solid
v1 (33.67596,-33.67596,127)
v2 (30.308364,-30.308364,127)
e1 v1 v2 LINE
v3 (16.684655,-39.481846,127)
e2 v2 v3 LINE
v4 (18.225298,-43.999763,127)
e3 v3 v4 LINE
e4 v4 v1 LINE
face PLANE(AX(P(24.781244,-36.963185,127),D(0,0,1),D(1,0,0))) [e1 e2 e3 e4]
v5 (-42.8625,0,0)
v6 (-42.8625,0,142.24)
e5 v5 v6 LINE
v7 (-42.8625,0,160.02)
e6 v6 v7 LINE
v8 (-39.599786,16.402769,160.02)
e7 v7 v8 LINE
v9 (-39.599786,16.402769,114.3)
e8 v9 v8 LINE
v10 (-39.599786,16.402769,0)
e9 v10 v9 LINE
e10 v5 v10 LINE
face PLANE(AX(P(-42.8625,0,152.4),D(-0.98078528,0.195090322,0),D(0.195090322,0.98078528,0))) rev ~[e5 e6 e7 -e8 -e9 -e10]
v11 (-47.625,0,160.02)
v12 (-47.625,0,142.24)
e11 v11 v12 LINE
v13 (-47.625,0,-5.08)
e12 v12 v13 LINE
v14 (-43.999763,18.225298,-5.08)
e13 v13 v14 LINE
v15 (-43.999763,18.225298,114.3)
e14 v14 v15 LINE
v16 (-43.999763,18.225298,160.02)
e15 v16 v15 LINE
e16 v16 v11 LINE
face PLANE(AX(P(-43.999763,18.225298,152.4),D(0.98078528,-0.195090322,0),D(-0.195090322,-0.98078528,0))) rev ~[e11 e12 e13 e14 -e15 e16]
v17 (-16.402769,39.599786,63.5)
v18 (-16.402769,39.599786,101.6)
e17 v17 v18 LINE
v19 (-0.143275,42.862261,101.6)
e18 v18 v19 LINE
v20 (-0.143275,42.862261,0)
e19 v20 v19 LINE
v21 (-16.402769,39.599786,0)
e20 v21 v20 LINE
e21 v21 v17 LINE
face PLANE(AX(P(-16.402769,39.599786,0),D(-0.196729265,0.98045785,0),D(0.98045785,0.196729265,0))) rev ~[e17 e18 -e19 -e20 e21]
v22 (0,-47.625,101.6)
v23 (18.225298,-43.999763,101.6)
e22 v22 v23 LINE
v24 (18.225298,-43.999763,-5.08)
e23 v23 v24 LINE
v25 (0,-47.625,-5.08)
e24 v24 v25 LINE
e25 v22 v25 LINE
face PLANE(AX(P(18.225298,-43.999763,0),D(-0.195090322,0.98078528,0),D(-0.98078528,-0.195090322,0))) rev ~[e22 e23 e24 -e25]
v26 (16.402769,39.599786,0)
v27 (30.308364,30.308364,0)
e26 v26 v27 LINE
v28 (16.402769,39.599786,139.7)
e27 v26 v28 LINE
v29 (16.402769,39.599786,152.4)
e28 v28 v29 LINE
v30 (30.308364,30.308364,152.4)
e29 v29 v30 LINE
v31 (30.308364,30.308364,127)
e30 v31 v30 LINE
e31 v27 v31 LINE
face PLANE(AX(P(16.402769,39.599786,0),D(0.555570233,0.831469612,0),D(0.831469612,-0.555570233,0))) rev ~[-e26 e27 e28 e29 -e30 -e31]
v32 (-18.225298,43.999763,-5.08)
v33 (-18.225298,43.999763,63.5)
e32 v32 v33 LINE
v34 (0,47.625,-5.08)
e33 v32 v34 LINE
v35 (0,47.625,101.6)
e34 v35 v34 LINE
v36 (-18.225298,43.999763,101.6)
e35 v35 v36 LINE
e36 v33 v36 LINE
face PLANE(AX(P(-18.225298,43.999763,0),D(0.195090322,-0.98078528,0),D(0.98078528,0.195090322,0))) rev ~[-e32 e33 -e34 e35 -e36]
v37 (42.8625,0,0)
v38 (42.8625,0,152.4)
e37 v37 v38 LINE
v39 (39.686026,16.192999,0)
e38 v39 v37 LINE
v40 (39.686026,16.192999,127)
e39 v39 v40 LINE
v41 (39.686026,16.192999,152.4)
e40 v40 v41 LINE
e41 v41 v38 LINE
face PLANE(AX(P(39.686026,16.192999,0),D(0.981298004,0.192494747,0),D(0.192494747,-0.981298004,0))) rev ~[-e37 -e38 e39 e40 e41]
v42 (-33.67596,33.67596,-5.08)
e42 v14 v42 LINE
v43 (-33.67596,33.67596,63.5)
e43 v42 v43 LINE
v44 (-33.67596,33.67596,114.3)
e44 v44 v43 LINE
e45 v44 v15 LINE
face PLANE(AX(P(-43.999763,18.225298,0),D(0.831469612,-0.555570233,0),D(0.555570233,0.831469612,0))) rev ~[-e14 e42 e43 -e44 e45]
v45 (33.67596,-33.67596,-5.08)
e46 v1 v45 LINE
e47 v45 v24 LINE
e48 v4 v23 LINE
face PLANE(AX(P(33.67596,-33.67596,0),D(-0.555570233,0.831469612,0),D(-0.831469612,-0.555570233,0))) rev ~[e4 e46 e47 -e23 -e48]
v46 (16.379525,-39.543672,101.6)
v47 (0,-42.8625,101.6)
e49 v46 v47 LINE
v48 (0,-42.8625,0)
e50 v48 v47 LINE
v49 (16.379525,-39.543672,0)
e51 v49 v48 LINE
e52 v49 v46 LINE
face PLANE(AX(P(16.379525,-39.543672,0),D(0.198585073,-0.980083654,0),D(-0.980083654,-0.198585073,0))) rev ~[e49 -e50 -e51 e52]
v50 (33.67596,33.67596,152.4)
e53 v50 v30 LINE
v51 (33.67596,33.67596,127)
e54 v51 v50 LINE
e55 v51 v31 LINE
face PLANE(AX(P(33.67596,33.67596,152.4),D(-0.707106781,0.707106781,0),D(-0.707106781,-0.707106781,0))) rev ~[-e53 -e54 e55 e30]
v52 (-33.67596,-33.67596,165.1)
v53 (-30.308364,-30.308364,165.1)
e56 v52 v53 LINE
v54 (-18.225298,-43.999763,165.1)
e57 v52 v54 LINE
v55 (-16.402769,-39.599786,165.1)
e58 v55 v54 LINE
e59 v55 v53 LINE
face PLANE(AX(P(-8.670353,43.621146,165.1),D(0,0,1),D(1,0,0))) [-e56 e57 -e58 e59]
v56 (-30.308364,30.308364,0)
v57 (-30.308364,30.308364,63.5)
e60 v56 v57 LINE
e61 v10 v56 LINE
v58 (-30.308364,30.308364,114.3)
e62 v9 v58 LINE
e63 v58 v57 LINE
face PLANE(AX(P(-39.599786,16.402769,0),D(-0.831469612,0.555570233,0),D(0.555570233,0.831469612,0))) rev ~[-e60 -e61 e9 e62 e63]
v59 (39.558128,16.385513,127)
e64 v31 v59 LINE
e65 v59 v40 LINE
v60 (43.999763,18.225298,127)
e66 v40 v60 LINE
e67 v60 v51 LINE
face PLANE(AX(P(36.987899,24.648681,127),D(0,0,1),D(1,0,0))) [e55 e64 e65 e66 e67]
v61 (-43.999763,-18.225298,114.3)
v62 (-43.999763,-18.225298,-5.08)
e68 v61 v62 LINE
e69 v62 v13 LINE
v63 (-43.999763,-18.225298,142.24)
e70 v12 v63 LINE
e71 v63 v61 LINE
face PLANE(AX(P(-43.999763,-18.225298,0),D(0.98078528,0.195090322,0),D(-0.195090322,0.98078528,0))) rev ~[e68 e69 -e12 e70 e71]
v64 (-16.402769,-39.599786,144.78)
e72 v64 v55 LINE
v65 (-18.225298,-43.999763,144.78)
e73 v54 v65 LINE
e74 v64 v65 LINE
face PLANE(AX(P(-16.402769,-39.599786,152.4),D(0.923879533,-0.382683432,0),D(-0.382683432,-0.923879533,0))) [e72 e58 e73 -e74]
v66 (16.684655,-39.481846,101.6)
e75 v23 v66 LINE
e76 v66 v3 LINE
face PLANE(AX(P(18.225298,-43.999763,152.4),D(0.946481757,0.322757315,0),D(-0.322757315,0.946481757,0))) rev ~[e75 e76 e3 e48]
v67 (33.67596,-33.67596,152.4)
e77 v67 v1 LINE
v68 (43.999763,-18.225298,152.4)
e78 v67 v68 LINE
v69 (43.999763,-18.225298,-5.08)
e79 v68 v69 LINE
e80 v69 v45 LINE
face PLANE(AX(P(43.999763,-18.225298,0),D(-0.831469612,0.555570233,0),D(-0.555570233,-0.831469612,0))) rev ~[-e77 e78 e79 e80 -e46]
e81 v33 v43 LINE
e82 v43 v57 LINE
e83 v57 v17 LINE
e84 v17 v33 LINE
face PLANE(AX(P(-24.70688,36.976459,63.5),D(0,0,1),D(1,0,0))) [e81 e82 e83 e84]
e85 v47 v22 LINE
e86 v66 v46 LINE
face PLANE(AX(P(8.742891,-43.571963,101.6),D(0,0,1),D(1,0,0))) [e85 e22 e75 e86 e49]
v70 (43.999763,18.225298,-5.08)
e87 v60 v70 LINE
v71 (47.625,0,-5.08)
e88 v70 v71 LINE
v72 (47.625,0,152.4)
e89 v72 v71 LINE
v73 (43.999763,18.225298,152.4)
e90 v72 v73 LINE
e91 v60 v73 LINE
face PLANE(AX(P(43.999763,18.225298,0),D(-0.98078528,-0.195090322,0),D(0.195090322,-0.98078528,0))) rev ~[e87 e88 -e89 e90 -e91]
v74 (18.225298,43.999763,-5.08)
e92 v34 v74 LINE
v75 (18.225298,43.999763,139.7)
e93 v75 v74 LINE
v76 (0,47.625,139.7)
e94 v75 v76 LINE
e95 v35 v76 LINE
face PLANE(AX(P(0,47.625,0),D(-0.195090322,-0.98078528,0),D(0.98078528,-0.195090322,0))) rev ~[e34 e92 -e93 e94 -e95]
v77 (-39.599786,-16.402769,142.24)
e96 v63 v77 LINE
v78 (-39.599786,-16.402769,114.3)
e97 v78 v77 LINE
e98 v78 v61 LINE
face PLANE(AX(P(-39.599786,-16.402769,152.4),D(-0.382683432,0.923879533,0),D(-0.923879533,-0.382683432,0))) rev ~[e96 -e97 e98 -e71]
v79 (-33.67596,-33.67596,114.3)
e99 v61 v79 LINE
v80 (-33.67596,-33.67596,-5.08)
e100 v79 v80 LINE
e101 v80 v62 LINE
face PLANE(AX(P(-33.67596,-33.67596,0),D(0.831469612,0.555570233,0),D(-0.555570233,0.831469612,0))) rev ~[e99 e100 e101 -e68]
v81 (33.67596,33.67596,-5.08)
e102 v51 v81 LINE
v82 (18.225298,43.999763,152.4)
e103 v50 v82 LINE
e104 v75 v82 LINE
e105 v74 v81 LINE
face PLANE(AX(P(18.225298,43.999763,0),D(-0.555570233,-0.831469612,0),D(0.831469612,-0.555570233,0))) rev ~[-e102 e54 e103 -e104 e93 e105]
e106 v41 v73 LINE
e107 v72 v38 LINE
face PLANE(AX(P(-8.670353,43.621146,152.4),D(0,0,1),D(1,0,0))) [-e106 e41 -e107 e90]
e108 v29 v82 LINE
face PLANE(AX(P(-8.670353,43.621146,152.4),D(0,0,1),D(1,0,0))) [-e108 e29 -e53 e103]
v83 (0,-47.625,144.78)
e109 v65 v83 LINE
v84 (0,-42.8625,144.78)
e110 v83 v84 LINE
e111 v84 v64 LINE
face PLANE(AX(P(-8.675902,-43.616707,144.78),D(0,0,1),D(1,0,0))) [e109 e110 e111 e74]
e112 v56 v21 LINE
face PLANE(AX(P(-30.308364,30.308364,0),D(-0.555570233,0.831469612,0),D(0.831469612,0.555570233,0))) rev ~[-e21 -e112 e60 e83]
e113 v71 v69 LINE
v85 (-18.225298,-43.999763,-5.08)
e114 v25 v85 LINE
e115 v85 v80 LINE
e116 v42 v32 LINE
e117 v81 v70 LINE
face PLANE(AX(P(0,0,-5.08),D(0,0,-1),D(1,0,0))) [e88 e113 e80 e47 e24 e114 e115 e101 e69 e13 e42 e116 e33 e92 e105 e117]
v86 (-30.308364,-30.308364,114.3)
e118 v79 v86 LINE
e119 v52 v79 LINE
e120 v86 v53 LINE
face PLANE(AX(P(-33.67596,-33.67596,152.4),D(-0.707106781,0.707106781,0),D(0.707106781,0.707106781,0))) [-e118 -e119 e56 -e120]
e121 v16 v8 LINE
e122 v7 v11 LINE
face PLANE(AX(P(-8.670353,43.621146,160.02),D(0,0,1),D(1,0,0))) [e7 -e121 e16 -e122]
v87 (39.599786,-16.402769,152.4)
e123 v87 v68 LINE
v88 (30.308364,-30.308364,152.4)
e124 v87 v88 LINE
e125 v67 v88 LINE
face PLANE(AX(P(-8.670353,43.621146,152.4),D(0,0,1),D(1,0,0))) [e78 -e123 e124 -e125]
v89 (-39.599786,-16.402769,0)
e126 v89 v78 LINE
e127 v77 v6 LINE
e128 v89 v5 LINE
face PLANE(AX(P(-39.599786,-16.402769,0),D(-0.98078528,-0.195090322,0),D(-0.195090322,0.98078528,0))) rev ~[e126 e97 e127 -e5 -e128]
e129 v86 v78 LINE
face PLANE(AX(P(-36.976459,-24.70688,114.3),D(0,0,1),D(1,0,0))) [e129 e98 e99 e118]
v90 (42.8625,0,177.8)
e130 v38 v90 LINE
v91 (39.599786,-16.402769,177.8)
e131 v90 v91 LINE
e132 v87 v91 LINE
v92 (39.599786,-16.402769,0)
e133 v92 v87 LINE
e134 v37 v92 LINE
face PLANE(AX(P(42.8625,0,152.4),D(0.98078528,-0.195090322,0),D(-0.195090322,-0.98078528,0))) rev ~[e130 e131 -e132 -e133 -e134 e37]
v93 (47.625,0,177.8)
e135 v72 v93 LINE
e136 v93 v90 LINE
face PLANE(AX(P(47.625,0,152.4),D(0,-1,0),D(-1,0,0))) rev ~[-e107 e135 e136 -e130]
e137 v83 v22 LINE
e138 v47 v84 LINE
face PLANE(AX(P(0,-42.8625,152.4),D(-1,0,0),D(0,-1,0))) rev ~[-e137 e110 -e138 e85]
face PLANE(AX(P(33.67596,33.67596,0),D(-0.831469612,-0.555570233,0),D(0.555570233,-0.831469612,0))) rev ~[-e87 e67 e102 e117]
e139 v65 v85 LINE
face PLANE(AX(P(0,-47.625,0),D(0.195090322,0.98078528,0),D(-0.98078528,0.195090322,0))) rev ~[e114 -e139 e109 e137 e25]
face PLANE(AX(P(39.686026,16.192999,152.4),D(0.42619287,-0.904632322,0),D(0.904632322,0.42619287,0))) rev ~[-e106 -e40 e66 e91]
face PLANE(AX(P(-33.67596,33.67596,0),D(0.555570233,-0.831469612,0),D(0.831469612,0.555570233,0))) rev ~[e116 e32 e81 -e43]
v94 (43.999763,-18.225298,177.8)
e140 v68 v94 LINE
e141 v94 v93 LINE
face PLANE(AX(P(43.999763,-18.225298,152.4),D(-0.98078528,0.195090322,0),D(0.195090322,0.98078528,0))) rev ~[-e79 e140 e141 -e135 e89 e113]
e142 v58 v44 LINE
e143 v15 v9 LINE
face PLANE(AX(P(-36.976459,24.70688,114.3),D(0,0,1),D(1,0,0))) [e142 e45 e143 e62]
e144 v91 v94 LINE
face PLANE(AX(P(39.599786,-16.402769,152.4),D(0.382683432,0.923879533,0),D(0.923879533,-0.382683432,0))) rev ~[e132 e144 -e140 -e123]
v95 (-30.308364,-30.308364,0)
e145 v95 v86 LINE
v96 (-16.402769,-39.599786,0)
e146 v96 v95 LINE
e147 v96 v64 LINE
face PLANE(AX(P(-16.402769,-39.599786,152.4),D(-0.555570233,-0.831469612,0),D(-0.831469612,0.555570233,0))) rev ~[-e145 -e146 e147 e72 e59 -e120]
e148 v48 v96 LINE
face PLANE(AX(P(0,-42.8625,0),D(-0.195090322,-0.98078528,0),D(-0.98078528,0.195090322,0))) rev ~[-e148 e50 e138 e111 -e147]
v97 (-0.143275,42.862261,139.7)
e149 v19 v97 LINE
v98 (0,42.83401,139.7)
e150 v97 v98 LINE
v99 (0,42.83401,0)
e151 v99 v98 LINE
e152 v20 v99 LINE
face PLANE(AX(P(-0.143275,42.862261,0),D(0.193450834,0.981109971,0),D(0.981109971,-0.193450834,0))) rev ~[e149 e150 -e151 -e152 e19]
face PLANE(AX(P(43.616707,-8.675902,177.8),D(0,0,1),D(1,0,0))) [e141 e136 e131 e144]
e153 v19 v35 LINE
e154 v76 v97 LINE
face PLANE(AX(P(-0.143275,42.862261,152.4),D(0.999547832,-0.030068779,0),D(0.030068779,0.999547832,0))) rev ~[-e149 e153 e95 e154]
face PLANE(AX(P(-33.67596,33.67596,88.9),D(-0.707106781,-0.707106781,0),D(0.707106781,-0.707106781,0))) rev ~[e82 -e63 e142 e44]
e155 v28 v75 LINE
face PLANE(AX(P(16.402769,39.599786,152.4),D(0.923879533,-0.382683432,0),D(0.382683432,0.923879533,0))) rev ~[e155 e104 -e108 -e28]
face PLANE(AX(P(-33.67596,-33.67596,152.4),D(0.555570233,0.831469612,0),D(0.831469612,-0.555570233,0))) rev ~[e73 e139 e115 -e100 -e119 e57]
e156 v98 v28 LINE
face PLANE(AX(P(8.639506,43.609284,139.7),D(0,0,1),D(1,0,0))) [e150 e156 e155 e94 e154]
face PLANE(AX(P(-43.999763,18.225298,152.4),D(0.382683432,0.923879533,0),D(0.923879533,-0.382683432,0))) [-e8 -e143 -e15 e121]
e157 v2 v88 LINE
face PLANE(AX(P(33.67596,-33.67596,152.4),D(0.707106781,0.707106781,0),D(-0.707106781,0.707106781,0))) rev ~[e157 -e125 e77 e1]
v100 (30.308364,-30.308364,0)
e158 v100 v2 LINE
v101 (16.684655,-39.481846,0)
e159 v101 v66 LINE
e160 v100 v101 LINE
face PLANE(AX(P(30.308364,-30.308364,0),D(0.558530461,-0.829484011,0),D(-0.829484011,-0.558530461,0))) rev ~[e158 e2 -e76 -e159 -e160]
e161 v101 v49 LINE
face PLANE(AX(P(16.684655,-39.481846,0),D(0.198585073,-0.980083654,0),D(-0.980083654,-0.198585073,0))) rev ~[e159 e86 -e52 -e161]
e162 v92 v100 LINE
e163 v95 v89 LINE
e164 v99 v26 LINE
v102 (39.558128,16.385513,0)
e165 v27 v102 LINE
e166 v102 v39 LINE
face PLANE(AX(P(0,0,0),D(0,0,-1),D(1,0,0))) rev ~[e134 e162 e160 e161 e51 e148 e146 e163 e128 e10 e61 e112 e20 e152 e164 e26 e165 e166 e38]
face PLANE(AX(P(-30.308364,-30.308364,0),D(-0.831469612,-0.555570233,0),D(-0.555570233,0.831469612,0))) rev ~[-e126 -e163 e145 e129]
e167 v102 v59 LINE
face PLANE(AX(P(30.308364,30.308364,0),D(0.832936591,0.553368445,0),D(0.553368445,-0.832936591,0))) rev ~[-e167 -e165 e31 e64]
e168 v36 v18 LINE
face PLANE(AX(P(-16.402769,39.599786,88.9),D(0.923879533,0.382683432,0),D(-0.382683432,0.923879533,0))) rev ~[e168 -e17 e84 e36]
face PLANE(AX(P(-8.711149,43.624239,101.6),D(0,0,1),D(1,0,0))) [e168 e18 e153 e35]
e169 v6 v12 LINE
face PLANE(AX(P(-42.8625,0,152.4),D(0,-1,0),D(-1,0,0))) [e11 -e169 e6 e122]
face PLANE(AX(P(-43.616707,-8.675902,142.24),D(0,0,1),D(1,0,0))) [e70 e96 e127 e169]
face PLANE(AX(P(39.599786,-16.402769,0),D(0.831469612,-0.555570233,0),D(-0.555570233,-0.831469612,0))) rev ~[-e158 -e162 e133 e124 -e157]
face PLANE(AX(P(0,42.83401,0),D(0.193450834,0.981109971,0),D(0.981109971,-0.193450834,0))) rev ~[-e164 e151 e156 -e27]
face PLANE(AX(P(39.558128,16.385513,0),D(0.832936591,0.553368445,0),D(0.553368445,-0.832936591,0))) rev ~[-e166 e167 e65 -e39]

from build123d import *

# Parameters (mm, degrees)
F1_DEPTH  = 152.4
F3_DEPTH  = 25.4
F5_DEPTH  = 50.8
F7_DEPTH  = 12.7
F9_DEPTH  = 63.5
F11_DEPTH = 38.1
F13_DEPTH = 10.16
F15_DEPTH = 5.08
F17_DEPTH = 38.1
F18_DEPTH = 25.4
F20_DEPTH = 7.62
F22_DEPTH = 50.8
F24_DEPTH = 25.4
F26_DEPTH = 25.4
F27_DEPTH = 12.7
F28_DEPTH = 7.62


with BuildPart() as f1:
    # F0 (on Top) → F1 (new body)
    with BuildSketch(Plane.XY):
        Polygon((-0.1432745452, 42.8622605407), (0, 42.8340103128), (0, 47.625), (-18.2252984664, 43.9997627359), (-16.4027686197, 39.5997864623), align=None)
        Polygon((16.3795251941, -39.5436718688), (0, -42.8625), (0, -47.625), (18.2252984664, -43.9997627359), align=None)
        Polygon((-39.5997864623, -16.4027686197), (-42.8625, 0), (-47.625, 0), (-43.9997627359, -18.2252984664), align=None)
        Polygon((39.6860263374, 16.1929990982), (42.8625, 0), (47.625, 0), (43.9997627359, 18.2252984664), (39.5581280192, 16.3855131276), align=None)
        Polygon((39.5997864623, -16.4027686197), (30.3083644086, -30.3083644086), (33.675960454, -33.675960454), (43.9997627359, -18.2252984664), align=None)
        Polygon((-39.5997864623, 16.4027686197), (-30.3083644086, 30.3083644086), (-33.675960454, 33.675960454), (-43.9997627359, 18.2252984664), align=None)
        Polygon((-16.4027686197, -39.5997864623), (-30.3083644086, -30.3083644086), (-33.675960454, -33.675960454), (-18.2252984664, -43.9997627359), align=None)
        Polygon((16.4027686197, 39.5997864623), (30.3083644086, 30.3083644086), (33.675960454, 33.675960454), (18.2252984664, 43.9997627359), align=None)
        Polygon((0, -47.625), (0, -42.8625), (-16.4027686197, -39.5997864623), (-18.2252984664, -43.9997627359), align=None)
        Polygon((0, 47.625), (0, 42.8340103128), (16.4027686197, 39.5997864623), (18.2252984664, 43.9997627359), align=None)
        Polygon((-33.675960454, -33.675960454), (-30.3083644086, -30.3083644086), (-39.5997864623, -16.4027686197), (-43.9997627359, -18.2252984664), align=None)
        Polygon((33.675960454, 33.675960454), (30.3083644086, 30.3083644086), (39.5581280192, 16.3855131276), (43.9997627359, 18.2252984664), align=None)
        Polygon((33.675960454, -33.675960454), (30.3083644086, -30.3083644086), (16.684655354, -39.481846233), (16.3795251941, -39.5436718688), (18.2252984664, -43.9997627359), align=None)
        Polygon((-33.675960454, 33.675960454), (-30.3083644086, 30.3083644086), (-16.4027686197, 39.5997864623), (-18.2252984664, 43.9997627359), align=None)
        Polygon((-47.625, 0), (-42.8625, 0), (-39.5997864623, 16.4027686197), (-43.9997627359, 18.2252984664), align=None)
        Polygon((47.625, 0), (42.8625, 0), (39.5997864623, -16.4027686197), (43.9997627359, -18.2252984664), align=None)
    extrude(amount=F1_DEPTH)

    # F2 (on face) → F3 (cut)
    with BuildSketch(Plane.XY.offset(152.4)):
        Polygon((39.6860263374, 16.1929990982), (43.9997627359, 18.2252984664), (33.675960454, 33.675960454), (30.3083644086, 30.3083644086), align=None)
    extrude(amount=-F3_DEPTH, mode=Mode.SUBTRACT)

    # F4 (on face) → F5 (cut)
    with BuildSketch(Plane.XY.offset(152.4)):
        Polygon((-0.1432745452, 42.8622605407), (0, 47.625), (-18.2252984664, 43.9997627359), (-16.4027686197, 39.5997864623), align=None)
    extrude(amount=-F5_DEPTH, mode=Mode.SUBTRACT)

    # F6 (on face) → F7 (cut)
    with BuildSketch(Plane.XY.offset(152.4)):
        Polygon((16.4027686197, 39.5997864623), (18.2252984664, 43.9997627359), (0, 47.625), (-0.1432745452, 42.8622605407), align=None)
    extrude(amount=-F7_DEPTH, mode=Mode.SUBTRACT)

    # F8 (on face) → F9 (cut)
    with BuildSketch(Plane.XY.offset(152.4)):
        Polygon((-18.2252984664, 43.9997627359), (-33.675960454, 33.675960454), (-30.3083644086, 30.3083644086), (-16.4027686197, 39.5997864623), align=None)
    extrude(amount=-F9_DEPTH, mode=Mode.SUBTRACT)

    # F10 (on face) → F11 (cut)
    with BuildSketch(Plane.XY.offset(152.4)):
        Polygon((-33.675960454, 33.675960454), (-43.9997627359, 18.2252984664), (-39.5997864623, 16.4027686197), (-30.3083644086, 30.3083644086), align=None)
    extrude(amount=-F11_DEPTH, mode=Mode.SUBTRACT)

    # F12 (on face) → F13 (cut)
    with BuildSketch(Plane.XY.offset(152.4)):
        Polygon((-42.8625, 0), (-47.625, 0), (-43.9997627359, -18.2252984664), (-39.5997864623, -16.4027686197), align=None)
    extrude(amount=-F13_DEPTH, mode=Mode.SUBTRACT)

    # F14 (on face) → F15 (join)
    with BuildSketch(Plane(origin=(0, 0, 0), x_dir=(1, 0, 0), z_dir=(0, 0, -1))):
        Polygon((-18.2252984664, -43.9997627359), (0, -47.625), (18.2252984664, -43.9997627359), (33.675960454, -33.675960454), (43.9997627359, -18.2252984664), (47.625, 0), (43.9997627359, 18.2252984664), (33.675960454, 33.675960454), (18.2252984664, 43.9997627359), (0, 47.625), (-18.2252984664, 43.9997627359), (-33.675960454, 33.675960454), (-43.9997627359, 18.2252984664), (-47.625, 0), (-43.9997627359, -18.2252984664), (-33.675960454, -33.675960454), align=None)
        Polygon((30.3083644086, -30.3083644086), (16.4027686197, -39.5997864623), (-0.1432745452, -42.8622605407), (-16.4027686197, -39.5997864623), (-30.3083644086, -30.3083644086), (-39.5997864623, -16.4027686197), (-42.8625, 0), (-39.5997864623, 16.4027686197), (-30.3083644086, 30.3083644086), (-16.4027686197, 39.5997864623), (0, 42.8625), (16.684655354, 39.481846233), (30.3083644086, 30.3083644086), (39.5997864623, 16.4027686197), (42.8625, 0), (39.6860263374, -16.1929990982), align=None, mode=Mode.SUBTRACT)
        Polygon((-0.1432745452, -42.8622605407), (16.4027686197, -39.5997864623), (30.3083644086, -30.3083644086), (39.6860263374, -16.1929990982), (42.8625, 0), (39.5997864623, 16.4027686197), (30.3083644086, 30.3083644086), (16.684655354, 39.481846233), (0, 42.8625), (-16.4027686197, 39.5997864623), (-30.3083644086, 30.3083644086), (-39.5997864623, 16.4027686197), (-42.8625, 0), (-39.5997864623, -16.4027686197), (-30.3083644086, -30.3083644086), (-16.4027686197, -39.5997864623), align=None)
    extrude(amount=F15_DEPTH)

    # F16 (on face) → F17 (cut)
    with BuildSketch(Plane.XY.offset(152.4)):
        Polygon((-33.675960454, -33.675960454), (-30.3083644086, -30.3083644086), (-39.5997864623, -16.4027686197), (-43.9997627359, -18.2252984664), align=None)
    extrude(amount=-F17_DEPTH, mode=Mode.SUBTRACT)

    # F18 (cut): a face of the model
    f18_faces = [f1.faces().sort_by_distance(p)[0] for p in [
        (-24.6758616972, 36.9300368148, 88.9),
    ]]
    extrude(f18_faces, amount=-F18_DEPTH, mode=Mode.SUBTRACT)

    # F19 (on face) → F20 (cut)
    with BuildSketch(Plane.XY.offset(152.4)):
        Polygon((-16.4027686197, -39.5997864623), (-18.2252984664, -43.9997627359), (0, -47.625), (0, -42.8625), align=None)
    extrude(amount=-F20_DEPTH, mode=Mode.SUBTRACT)

    # F21 (on face) → F22 (cut)
    with BuildSketch(Plane.XY.offset(152.4)):
        Polygon((0, -47.625), (18.2252984664, -43.9997627359), (16.684655354, -39.481846233), (0, -42.8625), align=None)
    extrude(amount=-F22_DEPTH, mode=Mode.SUBTRACT)

    # F23 (on face) → F24 (cut)
    with BuildSketch(Plane.XY.offset(152.4)):
        Polygon((18.2252984664, -43.9997627359), (33.675960454, -33.675960454), (30.3083644086, -30.3083644086), (16.684655354, -39.481846233), align=None)
    extrude(amount=-F24_DEPTH, mode=Mode.SUBTRACT)

    # F25 (on face) → F26 (join)
    with BuildSketch(Plane.XY.offset(152.4)):
        Polygon((43.9997627359, -18.2252984664), (47.625, 0), (42.8625, 0), (39.5997864623, -16.4027686197), align=None)
    extrude(amount=F26_DEPTH)

    # F27 (add): a face of the model
    f27_faces = [f1.faces().sort_by_distance(p)[0] for p in [
        (-24.6758616972, -36.9300368148, 152.4),
    ]]
    extrude(f27_faces, amount=F27_DEPTH)

    # F28 (add): a face of the model
    f28_faces = [f1.faces().sort_by_distance(p)[0] for p in [
        (-43.561948599, 8.6650103235, 152.4),
    ]]
    extrude(f28_faces, amount=F28_DEPTH)


solid = f1.part
